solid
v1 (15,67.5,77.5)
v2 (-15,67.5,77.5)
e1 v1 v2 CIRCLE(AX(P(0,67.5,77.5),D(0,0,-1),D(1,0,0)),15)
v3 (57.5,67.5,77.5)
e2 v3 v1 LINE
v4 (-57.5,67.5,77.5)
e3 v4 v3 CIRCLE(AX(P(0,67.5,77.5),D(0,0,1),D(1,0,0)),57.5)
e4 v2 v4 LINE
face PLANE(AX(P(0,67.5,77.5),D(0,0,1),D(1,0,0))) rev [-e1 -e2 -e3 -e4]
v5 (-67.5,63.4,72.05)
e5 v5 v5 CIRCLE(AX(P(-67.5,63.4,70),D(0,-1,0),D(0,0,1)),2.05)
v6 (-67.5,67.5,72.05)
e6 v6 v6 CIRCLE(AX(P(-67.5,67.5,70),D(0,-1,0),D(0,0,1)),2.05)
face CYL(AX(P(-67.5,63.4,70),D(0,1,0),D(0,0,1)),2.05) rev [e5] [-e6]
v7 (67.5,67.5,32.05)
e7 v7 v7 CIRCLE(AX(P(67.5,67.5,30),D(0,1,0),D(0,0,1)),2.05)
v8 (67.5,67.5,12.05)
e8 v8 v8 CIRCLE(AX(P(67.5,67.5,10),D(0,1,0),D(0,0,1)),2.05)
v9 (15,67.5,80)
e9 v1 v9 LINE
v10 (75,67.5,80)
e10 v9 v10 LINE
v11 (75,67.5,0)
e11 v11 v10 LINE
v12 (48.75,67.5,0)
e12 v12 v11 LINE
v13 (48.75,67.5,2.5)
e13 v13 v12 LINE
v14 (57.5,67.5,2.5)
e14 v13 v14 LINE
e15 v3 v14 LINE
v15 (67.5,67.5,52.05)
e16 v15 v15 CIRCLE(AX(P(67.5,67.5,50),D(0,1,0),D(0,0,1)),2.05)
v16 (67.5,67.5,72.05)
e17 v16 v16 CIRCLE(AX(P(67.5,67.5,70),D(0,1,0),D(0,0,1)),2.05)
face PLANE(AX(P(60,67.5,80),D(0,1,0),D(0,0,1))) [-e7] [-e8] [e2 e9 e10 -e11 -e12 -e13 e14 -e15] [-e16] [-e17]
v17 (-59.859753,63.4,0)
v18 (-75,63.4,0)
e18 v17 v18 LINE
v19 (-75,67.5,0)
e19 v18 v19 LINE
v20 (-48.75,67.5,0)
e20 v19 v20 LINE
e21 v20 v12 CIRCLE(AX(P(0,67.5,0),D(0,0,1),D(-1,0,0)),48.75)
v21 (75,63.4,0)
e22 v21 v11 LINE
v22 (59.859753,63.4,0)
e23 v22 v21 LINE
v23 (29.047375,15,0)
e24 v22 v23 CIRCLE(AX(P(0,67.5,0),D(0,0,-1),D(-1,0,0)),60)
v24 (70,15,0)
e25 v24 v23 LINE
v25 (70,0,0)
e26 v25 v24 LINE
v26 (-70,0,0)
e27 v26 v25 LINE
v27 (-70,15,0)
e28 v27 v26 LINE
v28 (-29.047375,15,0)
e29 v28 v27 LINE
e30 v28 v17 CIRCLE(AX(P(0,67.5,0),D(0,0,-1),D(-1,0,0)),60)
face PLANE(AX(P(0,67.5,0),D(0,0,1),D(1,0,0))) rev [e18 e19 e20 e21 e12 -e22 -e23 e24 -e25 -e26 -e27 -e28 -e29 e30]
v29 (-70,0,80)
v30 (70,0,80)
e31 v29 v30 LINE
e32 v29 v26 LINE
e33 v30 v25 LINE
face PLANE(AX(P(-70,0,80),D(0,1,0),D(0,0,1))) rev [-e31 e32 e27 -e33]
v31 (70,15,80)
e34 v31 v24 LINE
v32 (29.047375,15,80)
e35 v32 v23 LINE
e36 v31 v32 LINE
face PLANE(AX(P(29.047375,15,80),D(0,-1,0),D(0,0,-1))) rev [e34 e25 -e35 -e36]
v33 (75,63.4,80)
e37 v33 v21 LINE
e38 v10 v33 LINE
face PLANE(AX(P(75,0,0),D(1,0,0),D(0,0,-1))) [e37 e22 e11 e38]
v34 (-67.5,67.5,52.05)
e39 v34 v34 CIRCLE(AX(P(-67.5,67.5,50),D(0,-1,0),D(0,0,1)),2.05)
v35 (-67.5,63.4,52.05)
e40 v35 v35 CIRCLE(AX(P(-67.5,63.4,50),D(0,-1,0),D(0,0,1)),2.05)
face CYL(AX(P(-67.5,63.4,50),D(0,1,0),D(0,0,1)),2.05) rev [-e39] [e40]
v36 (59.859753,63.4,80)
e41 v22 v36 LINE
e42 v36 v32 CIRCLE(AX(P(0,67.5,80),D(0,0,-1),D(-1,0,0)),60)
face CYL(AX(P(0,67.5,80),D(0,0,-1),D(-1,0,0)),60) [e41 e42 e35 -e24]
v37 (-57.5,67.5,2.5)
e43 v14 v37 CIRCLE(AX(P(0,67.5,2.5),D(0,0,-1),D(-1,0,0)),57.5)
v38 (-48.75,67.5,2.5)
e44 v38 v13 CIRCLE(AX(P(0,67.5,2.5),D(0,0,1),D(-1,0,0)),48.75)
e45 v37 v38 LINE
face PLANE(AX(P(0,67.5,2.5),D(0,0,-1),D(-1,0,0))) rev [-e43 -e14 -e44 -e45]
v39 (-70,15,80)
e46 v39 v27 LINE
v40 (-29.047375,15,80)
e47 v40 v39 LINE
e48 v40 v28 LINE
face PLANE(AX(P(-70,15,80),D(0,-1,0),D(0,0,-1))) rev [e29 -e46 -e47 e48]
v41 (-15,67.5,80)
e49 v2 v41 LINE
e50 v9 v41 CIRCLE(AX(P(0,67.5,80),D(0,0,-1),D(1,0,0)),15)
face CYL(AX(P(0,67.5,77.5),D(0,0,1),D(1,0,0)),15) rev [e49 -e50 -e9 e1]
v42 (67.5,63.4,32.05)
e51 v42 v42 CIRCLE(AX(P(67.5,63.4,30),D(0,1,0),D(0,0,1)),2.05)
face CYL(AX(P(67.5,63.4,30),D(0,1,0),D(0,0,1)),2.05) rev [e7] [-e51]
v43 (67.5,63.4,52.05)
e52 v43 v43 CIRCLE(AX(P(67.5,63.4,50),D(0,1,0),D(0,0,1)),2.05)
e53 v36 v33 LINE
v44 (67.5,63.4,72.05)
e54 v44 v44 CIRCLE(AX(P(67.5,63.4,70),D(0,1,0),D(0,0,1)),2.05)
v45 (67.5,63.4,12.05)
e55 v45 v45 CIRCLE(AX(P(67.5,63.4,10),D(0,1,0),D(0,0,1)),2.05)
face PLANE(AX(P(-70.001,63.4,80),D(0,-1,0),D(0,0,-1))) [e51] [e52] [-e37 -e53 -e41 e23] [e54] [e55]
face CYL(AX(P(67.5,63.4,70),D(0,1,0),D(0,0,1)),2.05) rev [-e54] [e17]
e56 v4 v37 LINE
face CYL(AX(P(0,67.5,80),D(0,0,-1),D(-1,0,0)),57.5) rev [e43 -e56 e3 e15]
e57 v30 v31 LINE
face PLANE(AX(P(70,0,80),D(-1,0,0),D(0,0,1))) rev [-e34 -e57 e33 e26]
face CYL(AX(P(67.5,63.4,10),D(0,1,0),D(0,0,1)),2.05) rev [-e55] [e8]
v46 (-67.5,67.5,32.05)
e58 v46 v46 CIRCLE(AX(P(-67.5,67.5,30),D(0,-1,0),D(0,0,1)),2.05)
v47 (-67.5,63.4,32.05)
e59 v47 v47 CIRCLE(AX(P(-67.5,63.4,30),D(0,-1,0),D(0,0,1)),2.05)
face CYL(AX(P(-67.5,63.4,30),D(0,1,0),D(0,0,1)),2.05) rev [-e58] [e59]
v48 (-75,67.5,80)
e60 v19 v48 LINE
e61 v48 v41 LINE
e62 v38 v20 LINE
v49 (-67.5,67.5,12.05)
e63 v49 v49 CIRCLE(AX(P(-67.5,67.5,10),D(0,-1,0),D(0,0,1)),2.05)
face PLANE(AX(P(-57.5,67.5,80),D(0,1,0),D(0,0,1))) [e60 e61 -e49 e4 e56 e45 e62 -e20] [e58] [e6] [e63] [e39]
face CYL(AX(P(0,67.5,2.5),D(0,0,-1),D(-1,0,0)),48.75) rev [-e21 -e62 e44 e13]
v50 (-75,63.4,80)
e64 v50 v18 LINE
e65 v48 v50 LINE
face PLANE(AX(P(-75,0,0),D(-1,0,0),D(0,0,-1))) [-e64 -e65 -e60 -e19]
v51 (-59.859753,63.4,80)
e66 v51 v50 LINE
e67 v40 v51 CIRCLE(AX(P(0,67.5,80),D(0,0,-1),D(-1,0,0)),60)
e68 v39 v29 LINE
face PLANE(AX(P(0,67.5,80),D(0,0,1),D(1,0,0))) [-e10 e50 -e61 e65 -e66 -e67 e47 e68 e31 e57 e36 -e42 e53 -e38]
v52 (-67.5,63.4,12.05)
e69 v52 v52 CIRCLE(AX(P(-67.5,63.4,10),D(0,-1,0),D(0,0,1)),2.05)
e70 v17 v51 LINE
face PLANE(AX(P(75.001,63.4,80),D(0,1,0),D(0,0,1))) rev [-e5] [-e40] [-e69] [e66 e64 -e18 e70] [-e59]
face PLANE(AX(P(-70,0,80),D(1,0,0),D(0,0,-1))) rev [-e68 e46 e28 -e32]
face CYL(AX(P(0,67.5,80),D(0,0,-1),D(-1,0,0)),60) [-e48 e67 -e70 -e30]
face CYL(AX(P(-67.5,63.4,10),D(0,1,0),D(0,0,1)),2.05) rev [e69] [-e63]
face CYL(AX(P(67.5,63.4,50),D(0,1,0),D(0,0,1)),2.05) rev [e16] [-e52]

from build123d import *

# Parameters (mm, degrees)
BOSS_EXTRUDE1_DEPTH      = 80
BOSS_EXTRUDE2_DEPTH      = 80
BOSS_EXTRUDE3_DEPTH      = 2.5
BOSS_EXTRUDE6_START      = -2.5
BOSS_EXTRUDE6_DEPTH      = 2.5
BOSS_EXTRUDE7_REACH      = 202.922
BOSS_EXTRUDE7_END_RADIUS = 60
BOSS_EXTRUDE7_START      = 75
SKETCH10_W               = 80
SKETCH10_H               = 4.1
SKETCH11_R               = 2.05
CUT_EXTRUDE3_DEPTH       = 4.1
BOSS_EXTRUDE5_REACH      = 205.768
BOSS_EXTRUDE5_START      = -75
SKETCH7_W                = 80
SKETCH7_H                = 4.1
SKETCH8_R                = 2.05
CUT_EXTRUDE2_DEPTH       = 12.5


with BuildPart() as part:
    # Sketch1 → Boss-Extrude1 (new body)
    with BuildSketch(Plane.XY):
        with BuildLine():
            Line((29.047375097, 15), (70, 15))
            Line((70, 15), (70, 0))
            Line((70, 0), (-70, 0))
            Line((-70, 0), (-70, 15))
            Line((-70, 15), (-29.047375097, 15))
            ThreePointArc((-29.047375097, 15), (0, 7.5), (29.047375097, 15))
        make_face()
    extrude(amount=BOSS_EXTRUDE1_DEPTH)

    # Sketch2 → Boss-Extrude2 (add)
    with BuildSketch(Plane(origin=(0, 0, 0), x_dir=(-1, 0, 0), z_dir=(0, 0, -1))):
        with BuildLine():
            Line((-60, 67.5), (-57.5, 67.5))
            ThreePointArc((-57.5, 67.5), (0, 10), (57.5, 67.5))
            Line((57.5, 67.5), (60, 67.5))
            ThreePointArc((60, 67.5), (0, 7.5), (-60, 67.5))
        make_face()
    extrude(amount=-BOSS_EXTRUDE2_DEPTH)

    # Sketch3 → Boss-Extrude3 (add)
    with BuildSketch(Plane(origin=(0, 0, 0), x_dir=(-1, 0, 0), z_dir=(0, 0, -1))):
        with BuildLine():
            Line((-57.5, 67.5), (-48.75, 67.5))
            ThreePointArc((-48.75, 67.5), (0, 18.75), (48.75, 67.5))
            Line((48.75, 67.5), (57.5, 67.5))
            ThreePointArc((57.5, 67.5), (0, 10), (-57.5, 67.5))
        make_face()
    extrude(amount=-BOSS_EXTRUDE3_DEPTH)

    # Sketch9 → Boss-Extrude6 (add)
    with BuildSketch(Plane.XY.offset(80).offset(BOSS_EXTRUDE6_START)):
        with BuildLine():
            Line((-57.5, 67.5), (-15, 67.5))
            ThreePointArc((-15, 67.5), (0, 52.5), (15, 67.5))
            Line((15, 67.5), (57.5, 67.5))
            ThreePointArc((57.5, 67.5), (0, 10), (-57.5, 67.5))
        make_face()
    extrude(amount=BOSS_EXTRUDE6_DEPTH)

    # Boss-Extrude7: up to this cylinder (the profile starts outside it)
    boss_extrude7_end = Plane(origin=(0, 67.5, 40), z_dir=(0, 0, -1)) * Cylinder(BOSS_EXTRUDE7_END_RADIUS, 526.844, mode=Mode.PRIVATE)
    # Sketch10 → Boss-Extrude7 (add, up to the surface)
    with BuildSketch(Plane(origin=(0, 0, 0), x_dir=(0, 0, -1), z_dir=(1, 0, 0)).offset(BOSS_EXTRUDE7_START), mode=Mode.PRIVATE) as boss_extrude7_sk1:
        with Locations((-40, 65.45)):
            Rectangle(SKETCH10_W, SKETCH10_H)
    boss_extrude7_tool1 = extrude(boss_extrude7_sk1.sketch, amount=-BOSS_EXTRUDE7_REACH, mode=Mode.PRIVATE) - boss_extrude7_end
    boss_extrude7 = boss_extrude7_tool1.solids().sort_by_distance((75, 65.45, 40))[0]
    add(boss_extrude7)

    # Sketch11 → Cut-Extrude3 (cut)
    with BuildSketch(Plane(origin=(0, 67.5, 0), x_dir=(1, 0, 0), z_dir=(0, 1, 0))):
        with Locations(Location((67.5, -70, 0), (0, 0, 270))):
            Circle(SKETCH11_R)
        with Locations(Location((67.5, -50, 0), (0, 0, 270))):
            Circle(SKETCH11_R)
        with Locations(Location((67.5, -30, 0), (0, 0, 270))):
            Circle(SKETCH11_R)
        with Locations(Location((67.5, -10, 0), (0, 0, 270))):
            Circle(SKETCH11_R)
    cut_extrude3 = extrude(amount=-CUT_EXTRUDE3_DEPTH, mode=Mode.SUBTRACT)

    # Mirror3: Boss-Extrude7, Cut-Extrude3 across plane
    add(boss_extrude7.mirror(Plane(origin=(0, 0, 0), x_dir=(0, 0, 1), z_dir=(1, 0, 0))))
    add(cut_extrude3.mirror(Plane(origin=(0, 0, 0), x_dir=(0, 0, 1), z_dir=(1, 0, 0))), mode=Mode.SUBTRACT)

    # Sketch7 → Boss-Extrude5 (add, up to next)
    with BuildSketch(Plane(origin=(0, 0, 0), x_dir=(0, 0, -1), z_dir=(1, 0, 0)).offset(BOSS_EXTRUDE5_START), mode=Mode.PRIVATE) as boss_extrude5_sk1:
        with Locations((-40, 65.45)):
            Rectangle(SKETCH7_W, SKETCH7_H)
    boss_extrude5_tool1 = extrude(boss_extrude5_sk1.sketch, amount=BOSS_EXTRUDE5_REACH, mode=Mode.PRIVATE) - part.part
    add(boss_extrude5_tool1.solids().sort_by_distance((-75, 65.45, 40))[0])

    # Sketch8 → Cut-Extrude2 (cut)
    with BuildSketch(Plane(origin=(0, 67.5, 0), x_dir=(1, 0, 0), z_dir=(0, 1, 0))):
        with Locations(Location((-67.5, -10, 0), (0, 0, 270))):
            Circle(SKETCH8_R)
        with Locations(Location((-67.5, -30, 0), (0, 0, 270))):
            Circle(SKETCH8_R)
        with Locations(Location((-67.5, -50, 0), (0, 0, 270))):
            Circle(SKETCH8_R)
        with Locations(Location((-67.5, -70, 0), (0, 0, 270))):
            Circle(SKETCH8_R)
    cut_extrude2 = extrude(amount=-CUT_EXTRUDE2_DEPTH, mode=Mode.SUBTRACT)

    # Mirror2: Cut-Extrude2 across plane
    add(cut_extrude2.mirror(Plane(origin=(0, 0, 0), x_dir=(0, 0, 1), z_dir=(1, 0, 0))), mode=Mode.SUBTRACT)


solid = part.part
